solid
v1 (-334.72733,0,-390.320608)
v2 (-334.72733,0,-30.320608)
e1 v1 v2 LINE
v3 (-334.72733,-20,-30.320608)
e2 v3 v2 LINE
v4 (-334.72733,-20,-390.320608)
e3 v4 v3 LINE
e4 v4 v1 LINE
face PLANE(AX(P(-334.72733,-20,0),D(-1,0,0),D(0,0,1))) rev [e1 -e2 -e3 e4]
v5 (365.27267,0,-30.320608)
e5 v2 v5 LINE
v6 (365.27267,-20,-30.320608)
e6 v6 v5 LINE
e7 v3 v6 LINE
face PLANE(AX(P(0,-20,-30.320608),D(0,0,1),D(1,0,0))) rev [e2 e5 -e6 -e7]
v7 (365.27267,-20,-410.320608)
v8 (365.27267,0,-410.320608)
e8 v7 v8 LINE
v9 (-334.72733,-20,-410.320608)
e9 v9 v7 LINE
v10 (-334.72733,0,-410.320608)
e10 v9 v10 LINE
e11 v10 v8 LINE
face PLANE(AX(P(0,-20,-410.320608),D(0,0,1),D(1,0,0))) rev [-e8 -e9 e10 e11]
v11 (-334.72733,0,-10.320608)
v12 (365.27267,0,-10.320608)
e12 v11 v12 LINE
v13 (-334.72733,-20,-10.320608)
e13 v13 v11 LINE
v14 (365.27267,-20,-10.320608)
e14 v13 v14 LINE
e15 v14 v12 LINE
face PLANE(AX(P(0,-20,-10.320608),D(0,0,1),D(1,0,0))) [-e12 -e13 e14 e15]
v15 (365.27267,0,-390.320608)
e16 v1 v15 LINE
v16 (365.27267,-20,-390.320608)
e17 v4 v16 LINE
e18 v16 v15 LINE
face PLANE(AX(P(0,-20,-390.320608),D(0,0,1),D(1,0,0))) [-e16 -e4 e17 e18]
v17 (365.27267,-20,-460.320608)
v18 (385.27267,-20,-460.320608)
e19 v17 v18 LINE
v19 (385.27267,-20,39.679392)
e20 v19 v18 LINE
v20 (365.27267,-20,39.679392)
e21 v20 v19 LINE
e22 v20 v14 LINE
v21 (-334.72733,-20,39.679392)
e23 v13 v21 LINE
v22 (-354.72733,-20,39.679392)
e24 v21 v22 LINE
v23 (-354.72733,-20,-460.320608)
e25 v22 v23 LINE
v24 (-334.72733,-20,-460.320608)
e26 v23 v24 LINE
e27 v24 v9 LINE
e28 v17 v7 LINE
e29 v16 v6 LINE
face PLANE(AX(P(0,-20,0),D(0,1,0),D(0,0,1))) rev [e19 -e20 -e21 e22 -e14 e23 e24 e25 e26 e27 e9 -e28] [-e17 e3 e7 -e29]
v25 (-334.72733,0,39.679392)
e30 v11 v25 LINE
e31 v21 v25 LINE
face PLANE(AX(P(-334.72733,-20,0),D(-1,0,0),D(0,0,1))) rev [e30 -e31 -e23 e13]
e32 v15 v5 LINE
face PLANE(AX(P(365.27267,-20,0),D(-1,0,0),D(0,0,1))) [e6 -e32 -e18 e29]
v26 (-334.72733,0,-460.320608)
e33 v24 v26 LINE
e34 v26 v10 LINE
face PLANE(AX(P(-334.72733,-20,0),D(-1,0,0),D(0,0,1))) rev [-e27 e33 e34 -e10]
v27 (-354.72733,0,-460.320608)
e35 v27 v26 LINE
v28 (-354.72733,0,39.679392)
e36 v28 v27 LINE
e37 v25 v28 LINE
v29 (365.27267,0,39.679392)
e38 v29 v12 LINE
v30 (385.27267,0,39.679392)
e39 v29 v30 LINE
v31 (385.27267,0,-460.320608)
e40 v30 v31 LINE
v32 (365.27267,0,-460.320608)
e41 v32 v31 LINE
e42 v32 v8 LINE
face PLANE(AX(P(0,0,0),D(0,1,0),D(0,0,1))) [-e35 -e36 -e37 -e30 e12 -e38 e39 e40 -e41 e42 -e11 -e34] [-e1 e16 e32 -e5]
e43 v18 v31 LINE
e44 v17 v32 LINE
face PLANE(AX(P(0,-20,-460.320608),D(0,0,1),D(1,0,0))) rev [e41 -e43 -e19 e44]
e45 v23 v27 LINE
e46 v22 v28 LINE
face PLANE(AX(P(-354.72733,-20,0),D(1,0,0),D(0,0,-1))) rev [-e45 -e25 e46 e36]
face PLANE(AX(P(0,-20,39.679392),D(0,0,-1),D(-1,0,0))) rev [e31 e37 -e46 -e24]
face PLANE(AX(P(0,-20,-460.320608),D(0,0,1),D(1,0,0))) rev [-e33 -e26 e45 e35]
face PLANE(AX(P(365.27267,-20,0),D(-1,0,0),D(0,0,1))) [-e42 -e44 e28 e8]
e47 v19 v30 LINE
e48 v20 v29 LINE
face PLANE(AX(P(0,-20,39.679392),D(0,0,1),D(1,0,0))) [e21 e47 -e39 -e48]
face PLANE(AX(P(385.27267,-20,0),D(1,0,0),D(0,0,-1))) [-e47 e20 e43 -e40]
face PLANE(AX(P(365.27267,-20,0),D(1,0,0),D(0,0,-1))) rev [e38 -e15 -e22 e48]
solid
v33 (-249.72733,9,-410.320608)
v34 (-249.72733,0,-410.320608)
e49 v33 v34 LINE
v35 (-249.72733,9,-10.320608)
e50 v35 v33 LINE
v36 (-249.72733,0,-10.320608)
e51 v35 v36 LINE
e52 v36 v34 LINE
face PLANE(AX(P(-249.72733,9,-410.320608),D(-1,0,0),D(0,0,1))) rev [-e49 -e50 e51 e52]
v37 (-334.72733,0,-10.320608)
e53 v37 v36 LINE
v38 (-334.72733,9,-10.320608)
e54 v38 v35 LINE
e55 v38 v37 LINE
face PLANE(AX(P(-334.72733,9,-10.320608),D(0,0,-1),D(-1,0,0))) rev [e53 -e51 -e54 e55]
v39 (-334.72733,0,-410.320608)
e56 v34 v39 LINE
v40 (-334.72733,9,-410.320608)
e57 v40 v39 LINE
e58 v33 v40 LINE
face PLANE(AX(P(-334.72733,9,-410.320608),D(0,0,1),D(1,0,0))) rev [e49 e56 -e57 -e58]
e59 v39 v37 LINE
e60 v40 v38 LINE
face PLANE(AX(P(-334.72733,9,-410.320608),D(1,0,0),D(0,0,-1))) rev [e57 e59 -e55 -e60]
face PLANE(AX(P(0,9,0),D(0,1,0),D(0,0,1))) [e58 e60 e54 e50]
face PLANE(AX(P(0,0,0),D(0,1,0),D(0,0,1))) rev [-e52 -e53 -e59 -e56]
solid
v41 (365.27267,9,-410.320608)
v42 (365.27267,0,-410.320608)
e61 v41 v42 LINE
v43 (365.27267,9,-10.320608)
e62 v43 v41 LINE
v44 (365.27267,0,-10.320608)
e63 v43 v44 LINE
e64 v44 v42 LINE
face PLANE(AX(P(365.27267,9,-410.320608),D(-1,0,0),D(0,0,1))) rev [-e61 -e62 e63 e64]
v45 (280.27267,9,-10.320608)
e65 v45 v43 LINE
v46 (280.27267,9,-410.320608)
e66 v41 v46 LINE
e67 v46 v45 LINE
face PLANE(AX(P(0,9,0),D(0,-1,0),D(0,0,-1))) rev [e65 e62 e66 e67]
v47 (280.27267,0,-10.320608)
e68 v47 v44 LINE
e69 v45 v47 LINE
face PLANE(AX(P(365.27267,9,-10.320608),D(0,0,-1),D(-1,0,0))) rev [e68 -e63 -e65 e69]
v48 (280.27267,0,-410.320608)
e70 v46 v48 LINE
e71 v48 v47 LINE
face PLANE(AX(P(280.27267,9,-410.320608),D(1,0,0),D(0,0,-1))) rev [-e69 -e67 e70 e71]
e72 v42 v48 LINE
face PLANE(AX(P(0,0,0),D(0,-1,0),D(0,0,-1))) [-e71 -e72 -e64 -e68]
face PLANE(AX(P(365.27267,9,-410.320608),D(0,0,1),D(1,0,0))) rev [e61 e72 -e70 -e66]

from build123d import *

# Parameters (mm, degrees)
SKETCH1_W             = 700
SKETCH1_H             = 20
SKETCH1_W_2           = 20
SKETCH1_H_2           = 50
SKETCH1_H_3           = 360
BOSS_EXTRUDE1_DEPTH   = 20
SKETCH3_W             = 85
SKETCH3_H             = 400
BOSS_EXTRUDE5_DEPTH   = 9
BOSS_EXTRUDE5_2_DEPTH = 9


with BuildPart() as part:
    # Sketch1 → Boss-Extrude1 (new body)
    with BuildSketch(Plane(origin=(0, 0, 0), x_dir=(1, 0, 0), z_dir=(0, 1, 0))):
        with Locations((15.272669909, 400.320607763)):
            Rectangle(SKETCH1_W, SKETCH1_H)
        Polygon((-354.727330091, 30.320607763), (-334.727330091, 30.320607763), (-334.727330091, 390.320607763), (-354.727330091, 390.320607763), (-354.727330091, 225.794194933), align=None)
        with Locations((-344.727330091, -14.679392237)):
            Rectangle(SKETCH1_W_2, SKETCH1_H_2)
        with Locations((-344.727330091, 20.320607763)):
            Rectangle(SKETCH1_W_2, SKETCH1_H)
        with Locations((15.272669909, 20.320607763)):
            Rectangle(SKETCH1_W, SKETCH1_H)
        with Locations((375.272669909, -14.679392237)):
            Rectangle(SKETCH1_W_2, SKETCH1_H_2)
        with Locations((375.272669909, 20.320607763)):
            Rectangle(SKETCH1_W_2, SKETCH1_H)
        with Locations((375.272669909, 210.320607763)):
            Rectangle(SKETCH1_W_2, SKETCH1_H_3)
        with Locations((375.272669909, 400.320607763)):
            Rectangle(SKETCH1_W_2, SKETCH1_H)
        with Locations((375.272669909, 435.320607763)):
            Rectangle(SKETCH1_W_2, SKETCH1_H_2)
        with Locations((-344.727330091, 435.320607763)):
            Rectangle(SKETCH1_W_2, SKETCH1_H_2)
        with Locations((-344.727330091, 400.320607763)):
            Rectangle(SKETCH1_W_2, SKETCH1_H)
    extrude(amount=-BOSS_EXTRUDE1_DEPTH)


with BuildPart() as body_2:
    # Sketch3 → Boss-Extrude5 (new body)
    with BuildSketch(Plane(origin=(0, 0, 0), x_dir=(1, 0, 0), z_dir=(0, 1, 0))):
        with Locations((-292.227330091, 210.320607763)):
            Rectangle(SKETCH3_W, SKETCH3_H)
    extrude(amount=BOSS_EXTRUDE5_DEPTH)


with BuildPart() as body_3:
    # Sketch3 → Boss-Extrude5 2 (new body)
    with BuildSketch(Plane(origin=(0, 0, 0), x_dir=(1, 0, 0), z_dir=(0, 1, 0))):
        with Locations((322.772669909, 210.320607763)):
            Rectangle(SKETCH3_W, SKETCH3_H)
    extrude(amount=BOSS_EXTRUDE5_2_DEPTH)


solid = Compound([part.part, body_2.part, body_3.part])
